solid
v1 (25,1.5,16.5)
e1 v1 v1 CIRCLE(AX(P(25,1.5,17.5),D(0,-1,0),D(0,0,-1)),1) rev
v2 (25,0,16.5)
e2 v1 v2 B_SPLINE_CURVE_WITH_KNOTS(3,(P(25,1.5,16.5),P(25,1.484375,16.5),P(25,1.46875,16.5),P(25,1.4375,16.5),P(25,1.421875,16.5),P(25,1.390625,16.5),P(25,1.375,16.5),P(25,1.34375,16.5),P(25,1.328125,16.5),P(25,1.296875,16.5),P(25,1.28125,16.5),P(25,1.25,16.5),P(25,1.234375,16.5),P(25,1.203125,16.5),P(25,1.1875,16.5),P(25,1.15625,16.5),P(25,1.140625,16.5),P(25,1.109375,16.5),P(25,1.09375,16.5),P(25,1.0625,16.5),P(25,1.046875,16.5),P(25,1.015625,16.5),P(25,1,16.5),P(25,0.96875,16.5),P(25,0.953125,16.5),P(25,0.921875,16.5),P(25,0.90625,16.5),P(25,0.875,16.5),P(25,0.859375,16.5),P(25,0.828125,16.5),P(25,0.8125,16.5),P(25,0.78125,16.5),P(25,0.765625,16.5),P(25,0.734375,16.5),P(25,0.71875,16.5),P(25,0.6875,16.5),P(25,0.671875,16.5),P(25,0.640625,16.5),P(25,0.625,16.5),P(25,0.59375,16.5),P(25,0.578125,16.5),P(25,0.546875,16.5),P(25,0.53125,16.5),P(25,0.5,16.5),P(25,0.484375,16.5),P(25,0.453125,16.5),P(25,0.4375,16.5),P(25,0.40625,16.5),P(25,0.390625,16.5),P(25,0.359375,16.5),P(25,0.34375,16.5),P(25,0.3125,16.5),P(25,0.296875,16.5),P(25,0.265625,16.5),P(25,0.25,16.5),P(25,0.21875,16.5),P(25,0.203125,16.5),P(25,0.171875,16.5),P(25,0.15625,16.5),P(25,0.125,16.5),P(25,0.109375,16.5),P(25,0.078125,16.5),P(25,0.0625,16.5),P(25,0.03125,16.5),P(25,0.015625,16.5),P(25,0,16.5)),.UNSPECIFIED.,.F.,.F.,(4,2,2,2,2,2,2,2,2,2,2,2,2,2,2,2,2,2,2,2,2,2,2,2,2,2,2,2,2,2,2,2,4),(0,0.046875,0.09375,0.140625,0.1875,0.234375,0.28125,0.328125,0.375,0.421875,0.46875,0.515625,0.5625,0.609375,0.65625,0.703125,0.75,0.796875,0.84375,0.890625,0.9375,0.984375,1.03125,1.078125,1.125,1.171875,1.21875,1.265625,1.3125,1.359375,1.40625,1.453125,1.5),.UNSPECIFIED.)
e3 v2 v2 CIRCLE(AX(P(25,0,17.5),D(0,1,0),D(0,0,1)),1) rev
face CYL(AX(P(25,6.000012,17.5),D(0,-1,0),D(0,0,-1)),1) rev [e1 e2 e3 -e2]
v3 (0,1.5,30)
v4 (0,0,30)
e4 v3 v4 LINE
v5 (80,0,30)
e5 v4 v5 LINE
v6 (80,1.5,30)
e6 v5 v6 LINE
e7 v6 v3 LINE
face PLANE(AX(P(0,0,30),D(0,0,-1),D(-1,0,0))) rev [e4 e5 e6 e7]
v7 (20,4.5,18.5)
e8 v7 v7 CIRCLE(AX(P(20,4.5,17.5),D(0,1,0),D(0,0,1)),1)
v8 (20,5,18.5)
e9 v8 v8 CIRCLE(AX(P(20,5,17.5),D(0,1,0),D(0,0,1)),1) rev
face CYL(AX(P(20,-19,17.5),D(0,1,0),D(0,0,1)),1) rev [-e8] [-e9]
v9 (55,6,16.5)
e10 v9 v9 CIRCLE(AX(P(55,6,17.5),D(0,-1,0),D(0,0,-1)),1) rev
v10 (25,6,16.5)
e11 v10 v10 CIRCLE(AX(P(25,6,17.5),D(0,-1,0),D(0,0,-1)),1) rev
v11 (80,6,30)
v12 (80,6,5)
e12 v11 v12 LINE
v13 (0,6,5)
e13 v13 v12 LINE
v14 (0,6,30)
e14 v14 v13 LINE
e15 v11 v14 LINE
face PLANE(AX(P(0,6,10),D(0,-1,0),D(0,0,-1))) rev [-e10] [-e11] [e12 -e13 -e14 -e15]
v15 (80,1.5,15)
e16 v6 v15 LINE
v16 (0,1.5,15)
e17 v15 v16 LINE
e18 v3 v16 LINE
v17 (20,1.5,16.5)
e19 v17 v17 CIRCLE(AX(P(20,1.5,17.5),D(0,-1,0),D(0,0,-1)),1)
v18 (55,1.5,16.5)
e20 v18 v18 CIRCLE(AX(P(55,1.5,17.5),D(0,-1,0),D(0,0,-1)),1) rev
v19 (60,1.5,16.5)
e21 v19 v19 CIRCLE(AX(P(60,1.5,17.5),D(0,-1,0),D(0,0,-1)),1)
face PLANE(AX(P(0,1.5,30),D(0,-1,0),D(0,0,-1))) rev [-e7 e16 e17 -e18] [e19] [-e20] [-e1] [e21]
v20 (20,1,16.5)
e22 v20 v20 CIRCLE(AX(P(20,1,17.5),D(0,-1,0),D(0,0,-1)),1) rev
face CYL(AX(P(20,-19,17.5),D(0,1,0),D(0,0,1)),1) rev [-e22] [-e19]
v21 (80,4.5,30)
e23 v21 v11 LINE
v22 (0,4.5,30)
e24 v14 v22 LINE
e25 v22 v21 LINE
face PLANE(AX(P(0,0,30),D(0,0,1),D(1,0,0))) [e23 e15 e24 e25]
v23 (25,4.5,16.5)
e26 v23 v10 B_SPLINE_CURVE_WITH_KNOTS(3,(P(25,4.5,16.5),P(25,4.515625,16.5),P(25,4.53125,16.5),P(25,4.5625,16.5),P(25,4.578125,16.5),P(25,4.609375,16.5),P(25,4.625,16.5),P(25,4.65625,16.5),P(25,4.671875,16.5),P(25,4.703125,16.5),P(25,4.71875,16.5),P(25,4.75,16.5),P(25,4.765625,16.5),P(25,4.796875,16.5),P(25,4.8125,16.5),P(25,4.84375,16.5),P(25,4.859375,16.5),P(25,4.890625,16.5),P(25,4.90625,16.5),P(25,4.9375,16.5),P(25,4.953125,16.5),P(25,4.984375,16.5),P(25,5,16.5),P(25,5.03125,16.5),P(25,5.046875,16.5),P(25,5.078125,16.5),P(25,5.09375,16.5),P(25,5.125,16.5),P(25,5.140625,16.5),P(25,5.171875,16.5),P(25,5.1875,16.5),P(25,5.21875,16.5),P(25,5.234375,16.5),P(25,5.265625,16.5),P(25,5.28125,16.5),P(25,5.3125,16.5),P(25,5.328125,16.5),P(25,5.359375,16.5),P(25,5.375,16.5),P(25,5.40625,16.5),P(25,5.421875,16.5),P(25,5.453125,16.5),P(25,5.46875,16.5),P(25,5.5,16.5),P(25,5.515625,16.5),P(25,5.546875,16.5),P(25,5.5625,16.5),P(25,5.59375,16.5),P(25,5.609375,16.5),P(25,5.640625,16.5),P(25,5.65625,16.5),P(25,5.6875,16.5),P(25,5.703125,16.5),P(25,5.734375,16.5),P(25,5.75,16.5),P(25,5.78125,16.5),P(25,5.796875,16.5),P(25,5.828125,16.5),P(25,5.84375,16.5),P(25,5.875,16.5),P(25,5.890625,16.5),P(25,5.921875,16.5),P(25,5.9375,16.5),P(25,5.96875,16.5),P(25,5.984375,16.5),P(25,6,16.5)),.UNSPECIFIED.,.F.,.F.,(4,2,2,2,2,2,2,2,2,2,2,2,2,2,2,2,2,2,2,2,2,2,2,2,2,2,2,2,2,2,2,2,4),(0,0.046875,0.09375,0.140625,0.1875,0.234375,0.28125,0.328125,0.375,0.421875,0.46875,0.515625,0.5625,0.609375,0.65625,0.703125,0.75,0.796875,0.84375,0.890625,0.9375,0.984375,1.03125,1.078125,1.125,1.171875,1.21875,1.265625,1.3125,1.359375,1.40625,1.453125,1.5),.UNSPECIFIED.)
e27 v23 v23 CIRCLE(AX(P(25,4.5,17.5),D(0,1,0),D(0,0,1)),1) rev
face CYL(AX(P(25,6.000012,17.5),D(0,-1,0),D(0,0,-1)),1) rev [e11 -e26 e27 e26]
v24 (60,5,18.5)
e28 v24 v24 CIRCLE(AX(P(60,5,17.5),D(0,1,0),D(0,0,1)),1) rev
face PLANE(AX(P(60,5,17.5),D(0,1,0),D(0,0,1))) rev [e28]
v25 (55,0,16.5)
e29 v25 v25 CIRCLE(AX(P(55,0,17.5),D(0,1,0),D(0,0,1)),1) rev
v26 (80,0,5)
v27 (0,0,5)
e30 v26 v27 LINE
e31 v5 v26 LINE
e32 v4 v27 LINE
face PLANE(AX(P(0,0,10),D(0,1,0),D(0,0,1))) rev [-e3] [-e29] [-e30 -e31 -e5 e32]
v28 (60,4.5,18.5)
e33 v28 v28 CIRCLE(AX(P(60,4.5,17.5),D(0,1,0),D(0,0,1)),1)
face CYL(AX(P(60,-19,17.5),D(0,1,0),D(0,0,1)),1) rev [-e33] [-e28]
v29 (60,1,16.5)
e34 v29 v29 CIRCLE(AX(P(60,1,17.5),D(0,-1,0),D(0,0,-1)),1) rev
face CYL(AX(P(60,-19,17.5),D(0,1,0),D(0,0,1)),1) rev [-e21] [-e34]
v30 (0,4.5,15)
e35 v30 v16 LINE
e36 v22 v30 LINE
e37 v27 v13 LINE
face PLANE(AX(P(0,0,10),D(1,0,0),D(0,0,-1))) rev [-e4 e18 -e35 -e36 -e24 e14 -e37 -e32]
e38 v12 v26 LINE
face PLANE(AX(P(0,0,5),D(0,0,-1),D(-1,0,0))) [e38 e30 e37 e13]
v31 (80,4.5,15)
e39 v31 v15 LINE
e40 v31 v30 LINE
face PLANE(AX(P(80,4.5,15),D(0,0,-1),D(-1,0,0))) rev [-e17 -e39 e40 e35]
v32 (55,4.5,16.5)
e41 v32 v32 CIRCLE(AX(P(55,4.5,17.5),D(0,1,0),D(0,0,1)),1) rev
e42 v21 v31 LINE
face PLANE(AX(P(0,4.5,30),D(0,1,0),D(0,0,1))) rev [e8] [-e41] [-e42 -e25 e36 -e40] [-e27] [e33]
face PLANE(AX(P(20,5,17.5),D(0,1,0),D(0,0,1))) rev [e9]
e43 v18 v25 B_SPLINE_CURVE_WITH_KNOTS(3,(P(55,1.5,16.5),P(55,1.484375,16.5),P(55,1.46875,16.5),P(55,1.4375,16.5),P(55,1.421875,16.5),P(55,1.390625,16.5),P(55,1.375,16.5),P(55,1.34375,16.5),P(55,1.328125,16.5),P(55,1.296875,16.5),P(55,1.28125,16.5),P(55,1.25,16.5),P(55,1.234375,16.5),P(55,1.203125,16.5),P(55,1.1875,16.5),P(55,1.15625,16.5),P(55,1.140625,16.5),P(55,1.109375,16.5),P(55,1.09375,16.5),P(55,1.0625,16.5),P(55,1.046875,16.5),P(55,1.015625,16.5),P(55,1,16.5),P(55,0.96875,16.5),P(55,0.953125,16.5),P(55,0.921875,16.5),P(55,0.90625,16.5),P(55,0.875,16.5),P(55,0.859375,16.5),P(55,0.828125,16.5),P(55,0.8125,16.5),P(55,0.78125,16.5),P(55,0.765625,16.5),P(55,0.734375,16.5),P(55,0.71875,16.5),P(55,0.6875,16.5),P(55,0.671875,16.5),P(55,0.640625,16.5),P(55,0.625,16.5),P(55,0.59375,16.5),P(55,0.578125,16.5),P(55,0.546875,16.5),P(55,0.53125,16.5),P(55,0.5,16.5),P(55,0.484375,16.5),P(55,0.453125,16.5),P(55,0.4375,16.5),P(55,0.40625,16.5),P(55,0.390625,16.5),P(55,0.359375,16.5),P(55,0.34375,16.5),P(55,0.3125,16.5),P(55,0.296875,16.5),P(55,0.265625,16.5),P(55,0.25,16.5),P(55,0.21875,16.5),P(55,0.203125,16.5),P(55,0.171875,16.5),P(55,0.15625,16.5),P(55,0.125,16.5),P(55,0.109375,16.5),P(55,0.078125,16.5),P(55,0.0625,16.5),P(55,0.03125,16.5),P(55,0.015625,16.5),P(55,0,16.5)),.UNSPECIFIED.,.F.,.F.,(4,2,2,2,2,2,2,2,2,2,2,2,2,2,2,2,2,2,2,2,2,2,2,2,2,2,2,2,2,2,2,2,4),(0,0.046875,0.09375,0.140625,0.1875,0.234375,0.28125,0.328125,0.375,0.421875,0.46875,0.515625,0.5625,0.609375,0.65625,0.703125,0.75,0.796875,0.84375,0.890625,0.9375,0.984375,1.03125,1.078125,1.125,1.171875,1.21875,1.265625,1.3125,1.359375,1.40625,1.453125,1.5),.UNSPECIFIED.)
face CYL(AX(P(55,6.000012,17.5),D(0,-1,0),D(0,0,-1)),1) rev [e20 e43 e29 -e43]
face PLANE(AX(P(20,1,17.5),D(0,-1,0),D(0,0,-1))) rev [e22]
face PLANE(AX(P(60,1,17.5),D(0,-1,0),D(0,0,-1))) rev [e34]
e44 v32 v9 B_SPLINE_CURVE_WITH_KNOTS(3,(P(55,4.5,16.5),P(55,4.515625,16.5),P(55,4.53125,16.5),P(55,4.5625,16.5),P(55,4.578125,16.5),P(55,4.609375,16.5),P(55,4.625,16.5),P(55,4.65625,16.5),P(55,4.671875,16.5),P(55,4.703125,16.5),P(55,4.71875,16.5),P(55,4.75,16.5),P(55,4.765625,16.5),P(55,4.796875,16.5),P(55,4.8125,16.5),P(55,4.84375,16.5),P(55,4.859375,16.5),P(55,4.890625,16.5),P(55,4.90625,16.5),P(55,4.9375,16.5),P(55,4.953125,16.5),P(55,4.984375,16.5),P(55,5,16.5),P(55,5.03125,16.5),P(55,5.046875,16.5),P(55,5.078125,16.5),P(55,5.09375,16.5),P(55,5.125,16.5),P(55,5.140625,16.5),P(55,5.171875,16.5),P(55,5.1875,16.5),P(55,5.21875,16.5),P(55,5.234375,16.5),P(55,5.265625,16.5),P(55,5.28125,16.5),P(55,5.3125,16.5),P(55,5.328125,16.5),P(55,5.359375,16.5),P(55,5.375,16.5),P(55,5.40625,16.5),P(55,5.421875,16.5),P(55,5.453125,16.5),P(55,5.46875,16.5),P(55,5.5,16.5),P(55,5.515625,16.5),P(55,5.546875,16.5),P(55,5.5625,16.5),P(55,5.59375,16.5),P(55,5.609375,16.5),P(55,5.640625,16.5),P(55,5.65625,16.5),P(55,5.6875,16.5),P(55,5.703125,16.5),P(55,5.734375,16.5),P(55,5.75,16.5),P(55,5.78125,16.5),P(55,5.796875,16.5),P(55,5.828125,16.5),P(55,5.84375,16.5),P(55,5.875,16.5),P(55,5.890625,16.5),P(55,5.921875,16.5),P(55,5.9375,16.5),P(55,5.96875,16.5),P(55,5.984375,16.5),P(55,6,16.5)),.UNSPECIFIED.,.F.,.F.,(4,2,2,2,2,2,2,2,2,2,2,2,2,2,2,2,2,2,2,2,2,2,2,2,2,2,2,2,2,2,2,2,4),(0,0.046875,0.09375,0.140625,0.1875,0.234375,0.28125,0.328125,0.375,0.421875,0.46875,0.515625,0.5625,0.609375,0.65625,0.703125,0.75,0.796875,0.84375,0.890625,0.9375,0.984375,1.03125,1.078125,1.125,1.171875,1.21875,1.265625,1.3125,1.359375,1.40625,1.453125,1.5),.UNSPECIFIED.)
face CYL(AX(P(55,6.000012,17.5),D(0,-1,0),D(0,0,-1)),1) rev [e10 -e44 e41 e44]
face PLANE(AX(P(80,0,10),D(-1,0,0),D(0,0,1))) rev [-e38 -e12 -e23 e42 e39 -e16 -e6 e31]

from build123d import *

# Parameters (mm, degrees)
CROQUIS1_W                 = 80
CROQUIS1_H                 = 6
SALIENTE_EXTRUIR4_DEPTH    = 10
CROQUIS5_W                 = 80
CROQUIS5_H                 = 6
SALIENTE_EXTRUIR6_DEPTH    = 10
CROQUIS7_W                 = 80
CROQUIS7_H                 = 1.5
SALIENTE_EXTRUIR7_DEPTH    = 10
CROQUIS9_W                 = 5
CROQUIS9_H                 = 3
CORTAR_EXTRUIR3_DEPTH      = 80
CROQUIS12_W                = 80
CROQUIS12_H                = 6
CORTAR_EXTRUIR4_DEPTH      = 10
CROQUIS13_W                = 80
CROQUIS13_H                = 6
SALIENTE_EXTRUIR8_DEPTH    = 5
CROQUIS14_R                = 1
CORTAR_EXTRUIR5_DEPTH      = 25
CROQUIS15_R                = 1
SALIENTE_EXTRUIR9_DEPTH    = 1
SALIENTE_EXTRUIR10_START   = -1
CROQUIS16_R                = 1
SALIENTE_EXTRUIR10_DEPTH   = 1
CORTAR_EXTRUIR6_DEPTH      = 86.650452421
CORTAR_EXTRUIR6_DEPTH_BACK = 25
CROQUIS17_R                = 1


with BuildPart() as part:
    # Croquis1 → Saliente-Extruir4 (new body)
    with BuildSketch(Plane.XY):
        with Locations((40, 3)):
            Rectangle(CROQUIS1_W, CROQUIS1_H)
    extrude(amount=SALIENTE_EXTRUIR4_DEPTH)

    # Croquis5 → Saliente-Extruir6 (add)
    with BuildSketch(Plane.XY.offset(10)):
        with Locations((40, 3)):
            Rectangle(CROQUIS5_W, CROQUIS5_H)
    extrude(amount=SALIENTE_EXTRUIR6_DEPTH)

    # Croquis7 → Saliente-Extruir7 (add)
    with BuildSketch(Plane.XY.offset(20)):
        with Locations((40, 5.25)):
            Rectangle(CROQUIS7_W, CROQUIS7_H)
        with Locations((40, 0.75)):
            Rectangle(CROQUIS7_W, CROQUIS7_H)
    extrude(amount=SALIENTE_EXTRUIR7_DEPTH)

    # Croquis9 → Cortar-Extruir3 (cut)
    with BuildSketch(Plane.ZY):
        with Locations((17.5, 3)):
            Rectangle(CROQUIS9_W, CROQUIS9_H)
    extrude(amount=-CORTAR_EXTRUIR3_DEPTH, mode=Mode.SUBTRACT)

    # Croquis12 → Cortar-Extruir4 (cut)
    with BuildSketch(Plane(origin=(0, 0, 0), x_dir=(-1, 0, 0), z_dir=(0, 0, -1))):
        with Locations((-40, 3)):
            Rectangle(CROQUIS12_W, CROQUIS12_H)
    extrude(amount=-CORTAR_EXTRUIR4_DEPTH, mode=Mode.SUBTRACT)

    # Croquis13 → Saliente-Extruir8 (add)
    with BuildSketch(Plane(origin=(0, 0, 10), x_dir=(-1, 0, 0), z_dir=(0, 0, -1))):
        with Locations((-40, 3)):
            Rectangle(CROQUIS13_W, CROQUIS13_H)
    extrude(amount=SALIENTE_EXTRUIR8_DEPTH)

    # Croquis14 → Cortar-Extruir5 (cut)
    with BuildSketch(Plane(origin=(0, 6, 0), x_dir=(1, 0, 0), z_dir=(0, 1, 0))):
        with Locations(Location((20, -17.5, 0), (0, 0, 270))):
            Circle(CROQUIS14_R)
        with Locations(Location((60, -17.5, 0), (0, 0, 270))):
            Circle(CROQUIS14_R)
    extrude(amount=-CORTAR_EXTRUIR5_DEPTH, mode=Mode.SUBTRACT)

    # Croquis15 → Saliente-Extruir9 (add)
    with BuildSketch(Plane(origin=(0, 6, 0), x_dir=(1, 0, 0), z_dir=(0, 1, 0))):
        with Locations(Location((20, -17.5, 0), (0, 0, 270))):
            Circle(CROQUIS15_R)
        with Locations(Location((60, -17.5, 0), (0, 0, 270))):
            Circle(CROQUIS15_R)
    extrude(amount=-SALIENTE_EXTRUIR9_DEPTH)

    # Croquis16 → Saliente-Extruir10 (add)
    with BuildSketch(Plane.XZ.offset(SALIENTE_EXTRUIR10_START)):
        with Locations(Location((20, 17.5, 0), (0, 0, 270))):
            Circle(CROQUIS16_R)
        with Locations(Location((60, 17.5, 0), (0, 0, 270))):
            Circle(CROQUIS16_R)
    extrude(amount=SALIENTE_EXTRUIR10_DEPTH)

    # Croquis17 → Cortar-Extruir6 (cut, two sides: drawn at the far end of the back side and taken through both)
    with BuildSketch(Plane(origin=(0, 6, 0), x_dir=(1, 0, 0), z_dir=(0, 1, 0)).offset(-CORTAR_EXTRUIR6_DEPTH_BACK)):
        with Locations(Location((25, -17.5, 0), (0, 0, 90))):
            Circle(CROQUIS17_R)
        with Locations(Location((55, -17.5, 0), (0, 0, 90))):
            Circle(CROQUIS17_R)
    extrude(amount=CORTAR_EXTRUIR6_DEPTH + CORTAR_EXTRUIR6_DEPTH_BACK, mode=Mode.SUBTRACT)


solid = part.part
